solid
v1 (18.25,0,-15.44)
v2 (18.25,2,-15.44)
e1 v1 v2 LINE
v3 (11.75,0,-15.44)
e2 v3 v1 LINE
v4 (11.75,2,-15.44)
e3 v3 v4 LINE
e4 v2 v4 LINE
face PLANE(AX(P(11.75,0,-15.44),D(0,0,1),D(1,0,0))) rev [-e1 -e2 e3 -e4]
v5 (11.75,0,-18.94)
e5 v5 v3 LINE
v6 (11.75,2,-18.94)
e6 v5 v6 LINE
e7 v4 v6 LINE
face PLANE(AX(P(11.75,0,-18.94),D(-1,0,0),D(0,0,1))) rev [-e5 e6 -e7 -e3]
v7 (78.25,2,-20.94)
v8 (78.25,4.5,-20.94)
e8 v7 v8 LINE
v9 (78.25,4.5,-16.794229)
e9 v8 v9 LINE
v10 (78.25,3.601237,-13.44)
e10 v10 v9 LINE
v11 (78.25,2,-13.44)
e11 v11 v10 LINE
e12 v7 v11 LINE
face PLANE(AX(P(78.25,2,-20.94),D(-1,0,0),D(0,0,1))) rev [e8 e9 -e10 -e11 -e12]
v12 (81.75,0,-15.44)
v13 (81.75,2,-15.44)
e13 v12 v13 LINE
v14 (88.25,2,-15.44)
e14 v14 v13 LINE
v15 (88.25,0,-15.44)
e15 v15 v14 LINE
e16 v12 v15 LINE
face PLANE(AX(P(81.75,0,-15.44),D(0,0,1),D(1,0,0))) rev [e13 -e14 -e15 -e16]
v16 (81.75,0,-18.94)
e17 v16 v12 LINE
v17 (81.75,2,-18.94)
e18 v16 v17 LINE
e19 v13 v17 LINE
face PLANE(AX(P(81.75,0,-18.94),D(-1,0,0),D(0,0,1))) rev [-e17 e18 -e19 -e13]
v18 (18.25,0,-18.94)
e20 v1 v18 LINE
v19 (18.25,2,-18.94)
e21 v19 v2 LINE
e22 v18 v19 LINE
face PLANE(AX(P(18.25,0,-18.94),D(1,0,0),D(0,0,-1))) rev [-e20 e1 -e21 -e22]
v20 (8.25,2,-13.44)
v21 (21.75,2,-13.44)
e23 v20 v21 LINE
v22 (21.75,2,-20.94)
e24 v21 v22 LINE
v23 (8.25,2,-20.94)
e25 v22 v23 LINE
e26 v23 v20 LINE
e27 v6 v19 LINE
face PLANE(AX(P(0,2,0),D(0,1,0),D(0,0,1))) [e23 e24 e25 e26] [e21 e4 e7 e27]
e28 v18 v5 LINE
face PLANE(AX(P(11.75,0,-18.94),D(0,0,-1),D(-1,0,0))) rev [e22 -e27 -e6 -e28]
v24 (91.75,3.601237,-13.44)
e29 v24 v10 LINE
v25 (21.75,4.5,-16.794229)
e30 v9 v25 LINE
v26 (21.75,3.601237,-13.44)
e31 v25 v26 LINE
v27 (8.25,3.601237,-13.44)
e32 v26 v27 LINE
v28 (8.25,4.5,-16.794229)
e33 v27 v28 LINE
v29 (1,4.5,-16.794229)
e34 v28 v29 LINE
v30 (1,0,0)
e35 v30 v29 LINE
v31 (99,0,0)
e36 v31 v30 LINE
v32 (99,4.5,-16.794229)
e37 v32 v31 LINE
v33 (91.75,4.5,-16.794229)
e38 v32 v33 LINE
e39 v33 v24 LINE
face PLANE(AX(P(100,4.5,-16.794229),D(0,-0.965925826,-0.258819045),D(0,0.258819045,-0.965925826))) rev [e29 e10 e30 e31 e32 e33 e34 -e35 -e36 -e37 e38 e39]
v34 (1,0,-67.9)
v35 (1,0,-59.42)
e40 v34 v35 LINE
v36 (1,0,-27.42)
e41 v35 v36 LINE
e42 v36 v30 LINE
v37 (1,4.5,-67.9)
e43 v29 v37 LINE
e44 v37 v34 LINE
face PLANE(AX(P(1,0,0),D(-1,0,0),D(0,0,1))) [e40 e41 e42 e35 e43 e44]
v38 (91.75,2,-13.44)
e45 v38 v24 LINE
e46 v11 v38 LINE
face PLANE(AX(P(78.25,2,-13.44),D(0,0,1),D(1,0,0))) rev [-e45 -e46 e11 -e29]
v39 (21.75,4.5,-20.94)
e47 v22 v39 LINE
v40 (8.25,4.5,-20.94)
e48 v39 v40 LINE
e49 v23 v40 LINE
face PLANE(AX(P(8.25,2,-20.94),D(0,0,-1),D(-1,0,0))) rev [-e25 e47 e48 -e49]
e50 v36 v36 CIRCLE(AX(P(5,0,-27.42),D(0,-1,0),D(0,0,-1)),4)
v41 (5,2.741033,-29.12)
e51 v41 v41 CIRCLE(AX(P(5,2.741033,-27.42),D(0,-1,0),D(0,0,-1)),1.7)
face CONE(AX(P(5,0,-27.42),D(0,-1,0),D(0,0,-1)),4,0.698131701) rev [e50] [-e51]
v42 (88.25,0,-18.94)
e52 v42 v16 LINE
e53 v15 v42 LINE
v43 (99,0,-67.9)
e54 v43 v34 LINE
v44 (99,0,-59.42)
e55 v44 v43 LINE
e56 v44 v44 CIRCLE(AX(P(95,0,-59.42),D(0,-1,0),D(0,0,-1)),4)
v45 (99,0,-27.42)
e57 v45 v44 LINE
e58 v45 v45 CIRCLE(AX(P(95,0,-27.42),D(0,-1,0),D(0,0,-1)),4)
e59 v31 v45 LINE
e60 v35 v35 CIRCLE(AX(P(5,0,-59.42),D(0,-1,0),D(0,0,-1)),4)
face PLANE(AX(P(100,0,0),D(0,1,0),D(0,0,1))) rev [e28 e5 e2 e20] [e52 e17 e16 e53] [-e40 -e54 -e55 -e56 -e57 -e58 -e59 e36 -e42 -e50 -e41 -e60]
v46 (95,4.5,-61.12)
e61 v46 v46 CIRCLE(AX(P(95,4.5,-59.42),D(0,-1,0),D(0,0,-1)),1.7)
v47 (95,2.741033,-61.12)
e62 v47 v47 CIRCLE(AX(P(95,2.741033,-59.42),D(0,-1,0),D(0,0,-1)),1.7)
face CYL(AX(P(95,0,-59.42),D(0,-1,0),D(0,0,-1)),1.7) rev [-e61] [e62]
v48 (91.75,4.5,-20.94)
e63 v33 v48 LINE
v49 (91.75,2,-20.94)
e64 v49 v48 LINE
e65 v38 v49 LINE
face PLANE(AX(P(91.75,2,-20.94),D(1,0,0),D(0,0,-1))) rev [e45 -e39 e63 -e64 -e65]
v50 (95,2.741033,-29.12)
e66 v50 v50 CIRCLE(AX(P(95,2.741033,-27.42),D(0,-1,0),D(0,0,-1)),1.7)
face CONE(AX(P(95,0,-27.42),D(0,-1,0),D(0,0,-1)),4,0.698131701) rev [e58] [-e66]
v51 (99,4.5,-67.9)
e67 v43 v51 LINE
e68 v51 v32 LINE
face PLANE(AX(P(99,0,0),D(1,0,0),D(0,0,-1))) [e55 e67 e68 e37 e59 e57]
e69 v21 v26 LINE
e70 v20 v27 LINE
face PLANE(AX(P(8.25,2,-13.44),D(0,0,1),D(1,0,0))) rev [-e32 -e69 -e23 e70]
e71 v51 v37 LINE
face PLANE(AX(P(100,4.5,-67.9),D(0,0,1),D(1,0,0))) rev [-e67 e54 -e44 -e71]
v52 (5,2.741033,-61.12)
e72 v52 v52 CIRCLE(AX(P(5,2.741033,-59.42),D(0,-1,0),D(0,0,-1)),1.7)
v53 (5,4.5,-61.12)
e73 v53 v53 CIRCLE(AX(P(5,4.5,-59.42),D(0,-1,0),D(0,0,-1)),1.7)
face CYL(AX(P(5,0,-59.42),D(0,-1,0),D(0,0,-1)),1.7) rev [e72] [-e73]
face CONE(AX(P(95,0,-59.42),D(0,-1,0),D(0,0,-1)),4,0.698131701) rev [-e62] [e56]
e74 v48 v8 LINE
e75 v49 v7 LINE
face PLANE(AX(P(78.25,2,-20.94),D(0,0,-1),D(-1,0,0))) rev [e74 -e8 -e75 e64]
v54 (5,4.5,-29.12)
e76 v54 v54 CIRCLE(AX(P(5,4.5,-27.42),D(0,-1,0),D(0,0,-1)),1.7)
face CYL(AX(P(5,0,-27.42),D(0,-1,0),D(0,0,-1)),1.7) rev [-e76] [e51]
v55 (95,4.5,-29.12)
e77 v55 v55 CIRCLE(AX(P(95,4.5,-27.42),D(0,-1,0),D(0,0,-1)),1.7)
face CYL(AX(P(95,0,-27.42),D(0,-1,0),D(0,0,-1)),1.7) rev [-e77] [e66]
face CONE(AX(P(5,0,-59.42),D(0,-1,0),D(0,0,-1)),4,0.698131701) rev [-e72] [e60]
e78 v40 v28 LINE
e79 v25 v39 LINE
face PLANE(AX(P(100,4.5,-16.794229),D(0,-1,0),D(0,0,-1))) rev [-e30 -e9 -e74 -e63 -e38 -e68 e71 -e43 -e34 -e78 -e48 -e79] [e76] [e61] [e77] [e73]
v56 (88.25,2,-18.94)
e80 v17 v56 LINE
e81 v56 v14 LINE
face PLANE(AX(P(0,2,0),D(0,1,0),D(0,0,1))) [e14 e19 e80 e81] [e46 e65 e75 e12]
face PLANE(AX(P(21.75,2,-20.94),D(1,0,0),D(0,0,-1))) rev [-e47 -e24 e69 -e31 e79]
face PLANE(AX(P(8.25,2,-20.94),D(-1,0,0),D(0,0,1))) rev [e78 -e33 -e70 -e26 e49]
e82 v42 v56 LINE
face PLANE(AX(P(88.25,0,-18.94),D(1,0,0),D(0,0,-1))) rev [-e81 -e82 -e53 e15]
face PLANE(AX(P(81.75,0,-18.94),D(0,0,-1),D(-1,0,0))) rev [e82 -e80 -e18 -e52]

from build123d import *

# Parameters (mm, degrees)
SALIENTE_EXTRUIR1_DEPTH                        = 100
CSK_FOR_M3_FLAT_HEAD_MACHINE_SCREW1_AT_2_COUNT = 2
CSK_FOR_M3_FLAT_HEAD_MACHINE_SCREW1_AT_2_PITCH = 90
CSK_FOR_M3_FLAT_HEAD_MACHINE_SCREW1_AT_3_COUNT = 2
CSK_FOR_M3_FLAT_HEAD_MACHINE_SCREW1_AT_3_PITCH = 95.51963149
CSK_FOR_M3_FLAT_HEAD_MACHINE_SCREW1_AT_4_COUNT = 2
CSK_FOR_M3_FLAT_HEAD_MACHINE_SCREW1_AT_4_PITCH = 32
CROQUIS4_W                                     = 6.5
CROQUIS4_H                                     = 3.5
CORTAR_EXTRUIR3_DEPTH                          = 121.957265181
CROQUIS8_W                                     = 13.5
CROQUIS8_H                                     = 7.5
CORTAR_EXTRUIR4_DEPTH                          = 2.5
CORTAR_EXTRUIR5_DEPTH                          = 1
CROQUIS12_W                                    = 67.9
CROQUIS12_H                                    = 8.529184672
CORTAR_EXTRUIR6_DEPTH                          = 1


with BuildPart() as part:
    # Croquis1 → Saliente-Extruir1 (new body)
    with BuildSketch(Plane(origin=(0, 0, 0), x_dir=(0, 0, -1), z_dir=(1, 0, 0))):
        Polygon((0, 0), (67.9, 0), (67.9, 4.5), (16.794228634, 4.5), align=None)
    extrude(amount=SALIENTE_EXTRUIR1_DEPTH)

    # Croquis3 → CSK for M3 Flat Head Machine Screw1 (revolve, cut)
    with BuildSketch(Plane(origin=(95, 0, -59.42), x_dir=(0, 0, -1), z_dir=(1, 0, 0))):
        Polygon((0, 0), (0, 4.5), (1.7, 4.5), (1.7, 2.741033263), (4, 0), align=None)
    csk_for_m3_flat_head_machine_screw1 = revolve(axis=Axis((95, -6.35, -59.42), (0, 1, 0)), mode=Mode.SUBTRACT)

    # CSK for M3 Flat Head Machine Screw1 at 2: CSK for M3 Flat Head Machine Screw1 ×2
    with Locations(*[(-i * CSK_FOR_M3_FLAT_HEAD_MACHINE_SCREW1_AT_2_PITCH, 0, 0) for i in range(1, CSK_FOR_M3_FLAT_HEAD_MACHINE_SCREW1_AT_2_COUNT)]):
        add(csk_for_m3_flat_head_machine_screw1, mode=Mode.SUBTRACT)

    # CSK for M3 Flat Head Machine Screw1 at 3: CSK for M3 Flat Head Machine Screw1 ×2
    with Locations(*[Vector(-0.9422146902791427, 0, 0.33500966765479934) * (i * CSK_FOR_M3_FLAT_HEAD_MACHINE_SCREW1_AT_3_PITCH) for i in range(1, CSK_FOR_M3_FLAT_HEAD_MACHINE_SCREW1_AT_3_COUNT)]):
        add(csk_for_m3_flat_head_machine_screw1, mode=Mode.SUBTRACT)

    # CSK for M3 Flat Head Machine Screw1 at 4: CSK for M3 Flat Head Machine Screw1 ×2
    with Locations(*[(0, 0, i * CSK_FOR_M3_FLAT_HEAD_MACHINE_SCREW1_AT_4_PITCH) for i in range(1, CSK_FOR_M3_FLAT_HEAD_MACHINE_SCREW1_AT_4_COUNT)]):
        add(csk_for_m3_flat_head_machine_screw1, mode=Mode.SUBTRACT)

    # Croquis4 → Cortar-Extruir3 (cut, through all)
    with BuildSketch(Plane(origin=(0, 4.5, 0), x_dir=(1, 0, 0), z_dir=(0, 1, 0))):
        with Locations((15, 17.19)):
            Rectangle(CROQUIS4_W, CROQUIS4_H)
        with Locations((85, 17.19)):
            Rectangle(CROQUIS4_W, CROQUIS4_H)
    extrude(amount=-CORTAR_EXTRUIR3_DEPTH, mode=Mode.SUBTRACT)

    # Croquis8 → Cortar-Extruir4 (cut)
    with BuildSketch(Plane(origin=(0, 4.5, 0), x_dir=(1, 0, 0), z_dir=(0, 1, 0))):
        with Locations((15, 17.19)):
            Rectangle(CROQUIS8_W, CROQUIS8_H)
        with Locations((85, 17.19)):
            Rectangle(CROQUIS8_W, CROQUIS8_H)
    extrude(amount=-CORTAR_EXTRUIR4_DEPTH, mode=Mode.SUBTRACT)

    # Croquis11 → Cortar-Extruir5 (cut)
    with BuildSketch(Plane(origin=(100, 0, 0), x_dir=(0, 0, -1), z_dir=(1, 0, 0))):
        Polygon((0, 0), (67.9, 0), (67.9, 7.340226628), (-0.455473411, 7.340226628), align=None)
    extrude(amount=-CORTAR_EXTRUIR5_DEPTH, mode=Mode.SUBTRACT)

    # Croquis12 → Cortar-Extruir6 (cut)
    with BuildSketch(Plane.ZY):
        with Locations((-33.95, 4.264592336)):
            Rectangle(CROQUIS12_W, CROQUIS12_H)
    extrude(amount=-CORTAR_EXTRUIR6_DEPTH, mode=Mode.SUBTRACT)


solid = part.part
